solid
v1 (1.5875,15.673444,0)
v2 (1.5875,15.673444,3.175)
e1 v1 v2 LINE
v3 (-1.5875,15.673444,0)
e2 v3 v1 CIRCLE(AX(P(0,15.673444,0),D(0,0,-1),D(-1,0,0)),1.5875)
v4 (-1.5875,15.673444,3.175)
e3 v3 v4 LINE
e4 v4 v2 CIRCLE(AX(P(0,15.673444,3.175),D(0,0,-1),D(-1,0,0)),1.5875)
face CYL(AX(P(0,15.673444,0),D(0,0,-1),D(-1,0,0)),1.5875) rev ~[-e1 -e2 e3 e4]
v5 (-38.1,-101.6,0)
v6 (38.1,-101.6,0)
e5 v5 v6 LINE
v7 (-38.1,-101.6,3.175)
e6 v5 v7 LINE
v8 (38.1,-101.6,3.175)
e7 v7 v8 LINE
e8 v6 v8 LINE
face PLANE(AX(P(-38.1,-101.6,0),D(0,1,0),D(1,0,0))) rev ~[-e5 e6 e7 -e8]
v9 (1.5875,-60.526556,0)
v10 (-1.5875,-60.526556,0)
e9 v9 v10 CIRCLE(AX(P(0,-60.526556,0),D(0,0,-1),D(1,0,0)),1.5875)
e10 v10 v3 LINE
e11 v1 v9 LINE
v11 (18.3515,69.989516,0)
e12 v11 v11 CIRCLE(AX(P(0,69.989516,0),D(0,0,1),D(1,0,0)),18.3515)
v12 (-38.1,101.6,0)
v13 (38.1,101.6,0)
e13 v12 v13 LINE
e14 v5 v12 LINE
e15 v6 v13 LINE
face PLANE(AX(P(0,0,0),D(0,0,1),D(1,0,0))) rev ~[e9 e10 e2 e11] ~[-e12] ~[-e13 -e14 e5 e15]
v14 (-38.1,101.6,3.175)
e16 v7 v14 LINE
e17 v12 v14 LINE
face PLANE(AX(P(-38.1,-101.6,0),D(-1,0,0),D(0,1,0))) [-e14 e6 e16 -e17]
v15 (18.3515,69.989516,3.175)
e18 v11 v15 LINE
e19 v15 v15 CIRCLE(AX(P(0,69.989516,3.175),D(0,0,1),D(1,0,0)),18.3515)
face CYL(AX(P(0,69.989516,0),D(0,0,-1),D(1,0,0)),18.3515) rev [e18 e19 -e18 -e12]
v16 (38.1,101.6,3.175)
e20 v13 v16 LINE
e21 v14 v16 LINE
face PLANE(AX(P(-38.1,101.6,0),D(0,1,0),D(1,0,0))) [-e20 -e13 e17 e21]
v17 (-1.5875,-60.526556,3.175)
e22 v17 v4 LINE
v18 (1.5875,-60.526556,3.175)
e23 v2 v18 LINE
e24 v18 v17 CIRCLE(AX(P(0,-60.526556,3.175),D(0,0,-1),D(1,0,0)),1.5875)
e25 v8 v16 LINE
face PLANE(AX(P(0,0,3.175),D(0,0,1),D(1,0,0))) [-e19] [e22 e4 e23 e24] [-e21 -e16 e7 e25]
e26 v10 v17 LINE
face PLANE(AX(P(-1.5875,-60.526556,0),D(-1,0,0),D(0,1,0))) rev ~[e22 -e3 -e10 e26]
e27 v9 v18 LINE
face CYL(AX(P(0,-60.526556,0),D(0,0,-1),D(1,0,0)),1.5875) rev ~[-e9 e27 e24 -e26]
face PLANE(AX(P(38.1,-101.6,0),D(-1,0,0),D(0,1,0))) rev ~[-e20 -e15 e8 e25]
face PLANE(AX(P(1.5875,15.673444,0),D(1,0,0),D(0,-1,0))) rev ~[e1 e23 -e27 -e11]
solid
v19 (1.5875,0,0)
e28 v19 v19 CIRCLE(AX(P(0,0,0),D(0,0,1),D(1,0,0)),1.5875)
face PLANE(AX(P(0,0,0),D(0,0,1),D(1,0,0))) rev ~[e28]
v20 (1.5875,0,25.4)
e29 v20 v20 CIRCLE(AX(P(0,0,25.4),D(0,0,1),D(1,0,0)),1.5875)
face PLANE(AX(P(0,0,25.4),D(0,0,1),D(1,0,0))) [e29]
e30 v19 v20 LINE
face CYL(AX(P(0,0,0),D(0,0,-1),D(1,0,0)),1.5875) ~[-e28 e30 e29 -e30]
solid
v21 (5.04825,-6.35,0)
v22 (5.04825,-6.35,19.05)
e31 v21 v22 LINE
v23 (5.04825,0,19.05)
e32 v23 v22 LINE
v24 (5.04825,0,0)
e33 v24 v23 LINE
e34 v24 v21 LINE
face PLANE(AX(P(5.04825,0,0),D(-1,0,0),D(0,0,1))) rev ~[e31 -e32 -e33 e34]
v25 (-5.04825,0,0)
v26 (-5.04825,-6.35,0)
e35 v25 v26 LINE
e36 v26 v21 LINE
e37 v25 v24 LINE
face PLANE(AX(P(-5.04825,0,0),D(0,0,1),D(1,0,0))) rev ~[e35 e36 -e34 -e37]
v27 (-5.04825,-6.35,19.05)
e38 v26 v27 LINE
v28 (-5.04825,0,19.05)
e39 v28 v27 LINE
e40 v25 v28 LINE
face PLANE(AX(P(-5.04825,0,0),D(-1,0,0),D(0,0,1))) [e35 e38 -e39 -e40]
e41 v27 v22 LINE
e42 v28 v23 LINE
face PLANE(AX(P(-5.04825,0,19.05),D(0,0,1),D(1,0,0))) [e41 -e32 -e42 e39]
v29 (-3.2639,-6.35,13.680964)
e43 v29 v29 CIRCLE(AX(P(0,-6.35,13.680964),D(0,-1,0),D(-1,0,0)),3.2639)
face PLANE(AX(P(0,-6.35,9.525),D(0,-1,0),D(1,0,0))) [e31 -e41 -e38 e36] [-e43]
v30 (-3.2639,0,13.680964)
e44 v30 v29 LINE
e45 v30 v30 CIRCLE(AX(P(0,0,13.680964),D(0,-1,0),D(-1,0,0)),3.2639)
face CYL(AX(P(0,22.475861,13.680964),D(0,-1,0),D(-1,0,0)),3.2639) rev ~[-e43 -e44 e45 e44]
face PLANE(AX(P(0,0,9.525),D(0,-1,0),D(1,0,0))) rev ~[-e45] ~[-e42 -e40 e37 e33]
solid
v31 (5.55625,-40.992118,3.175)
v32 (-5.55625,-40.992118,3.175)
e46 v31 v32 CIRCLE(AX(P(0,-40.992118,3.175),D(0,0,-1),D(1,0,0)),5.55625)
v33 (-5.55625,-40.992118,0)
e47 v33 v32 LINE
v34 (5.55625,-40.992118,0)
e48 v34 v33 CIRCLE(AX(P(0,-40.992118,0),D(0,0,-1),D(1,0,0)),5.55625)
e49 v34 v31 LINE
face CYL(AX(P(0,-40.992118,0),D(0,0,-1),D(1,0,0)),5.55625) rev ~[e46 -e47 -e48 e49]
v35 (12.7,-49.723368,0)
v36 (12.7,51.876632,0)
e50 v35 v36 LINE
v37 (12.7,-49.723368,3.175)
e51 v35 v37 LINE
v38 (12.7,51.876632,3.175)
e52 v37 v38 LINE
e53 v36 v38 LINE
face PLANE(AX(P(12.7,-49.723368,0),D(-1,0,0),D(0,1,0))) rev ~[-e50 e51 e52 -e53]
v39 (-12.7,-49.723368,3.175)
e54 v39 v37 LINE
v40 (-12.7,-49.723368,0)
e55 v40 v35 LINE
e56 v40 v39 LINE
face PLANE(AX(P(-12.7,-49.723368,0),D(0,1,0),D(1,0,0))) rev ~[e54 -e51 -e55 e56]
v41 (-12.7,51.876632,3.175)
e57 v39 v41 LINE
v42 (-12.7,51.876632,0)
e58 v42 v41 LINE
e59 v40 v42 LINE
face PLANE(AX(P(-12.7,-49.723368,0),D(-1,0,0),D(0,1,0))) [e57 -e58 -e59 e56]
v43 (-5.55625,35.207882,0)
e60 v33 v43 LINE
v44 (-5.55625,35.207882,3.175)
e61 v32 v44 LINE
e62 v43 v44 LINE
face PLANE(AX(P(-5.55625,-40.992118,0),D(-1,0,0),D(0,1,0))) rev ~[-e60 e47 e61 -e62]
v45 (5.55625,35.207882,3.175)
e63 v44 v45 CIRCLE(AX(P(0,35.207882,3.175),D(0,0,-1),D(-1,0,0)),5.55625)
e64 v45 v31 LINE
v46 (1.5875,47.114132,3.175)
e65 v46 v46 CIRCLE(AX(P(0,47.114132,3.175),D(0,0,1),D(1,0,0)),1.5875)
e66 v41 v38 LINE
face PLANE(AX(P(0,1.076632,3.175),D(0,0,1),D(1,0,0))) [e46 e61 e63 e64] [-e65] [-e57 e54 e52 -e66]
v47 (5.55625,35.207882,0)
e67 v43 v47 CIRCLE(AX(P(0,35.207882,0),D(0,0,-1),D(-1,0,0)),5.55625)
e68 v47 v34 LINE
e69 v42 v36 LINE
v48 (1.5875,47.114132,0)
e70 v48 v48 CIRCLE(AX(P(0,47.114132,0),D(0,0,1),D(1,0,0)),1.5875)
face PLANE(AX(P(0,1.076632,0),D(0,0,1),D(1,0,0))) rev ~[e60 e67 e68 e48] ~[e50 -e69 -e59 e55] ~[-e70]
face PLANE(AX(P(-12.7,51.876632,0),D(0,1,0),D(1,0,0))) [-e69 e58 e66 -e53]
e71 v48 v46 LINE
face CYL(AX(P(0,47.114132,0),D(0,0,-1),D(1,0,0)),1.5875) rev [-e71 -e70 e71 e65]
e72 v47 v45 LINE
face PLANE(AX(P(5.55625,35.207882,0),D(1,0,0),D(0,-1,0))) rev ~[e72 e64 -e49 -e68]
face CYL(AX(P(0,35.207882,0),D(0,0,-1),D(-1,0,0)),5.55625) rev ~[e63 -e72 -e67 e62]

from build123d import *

# Parameters (mm, degrees)
F0_W     = 76.2
F0_H     = 203.2
F0_R     = 18.3515
F1_DEPTH = 3.175
F2_W     = 25.4
F2_H     = 101.6
F2_R     = 1.5875
F3_DEPTH = 3.175
F4_R     = 1.5875
F5_DEPTH = 25.4
F6_W     = 10.0965
F6_H     = 19.05
F7_DEPTH = 6.35
F8_D     = 6.5278


with BuildPart() as f1:
    # F0 (on Top) → F1 (new body)
    with BuildSketch(Plane.XY):
        Rectangle(F0_W, F0_H)
        with BuildLine():
            ThreePointArc((-1.5875, 15.673443675), (0, 17.260943675), (1.5875, 15.673443675))
            Line((1.5875, 15.673443675), (1.5875, -60.526556325))
            ThreePointArc((1.5875, -60.526556325), (0, -62.114056325), (-1.5875, -60.526556325))
            Line((-1.5875, -60.526556325), (-1.5875, 15.673443675))
        make_face(mode=Mode.SUBTRACT)
        with Locations((0, 69.9895162783)):
            Circle(F0_R, mode=Mode.SUBTRACT)
    extrude(amount=F1_DEPTH)


with BuildPart() as f3:
    # F2 (on Top) → F3 (new body)
    with BuildSketch(Plane.XY):
        with Locations((0, 1.0766318619)):
            Rectangle(F2_W, F2_H)
        with BuildLine():
            ThreePointArc((-5.55625, 35.2078818619), (0, 40.7641318619), (5.55625, 35.2078818619))
            Line((5.55625, 35.2078818619), (5.55625, -40.9921181381))
            ThreePointArc((5.55625, -40.9921181381), (0, -46.5483681381), (-5.55625, -40.9921181381))
            Line((-5.55625, -40.9921181381), (-5.55625, 35.2078818619))
        make_face(mode=Mode.SUBTRACT)
        with Locations((0, 47.1141318619)):
            Circle(F2_R, mode=Mode.SUBTRACT)
    extrude(amount=F3_DEPTH)


with BuildPart() as f5:
    # F4 (on Top) → F5 (new body)
    with BuildSketch(Plane.XY):
        Circle(F4_R)
    extrude(amount=F5_DEPTH)


with BuildPart() as f7:
    # F6 (on Front) → F7 (new body)
    with BuildSketch(Plane.XZ):
        with Locations((0, 9.525)):
            Rectangle(F6_W, F6_H)
    extrude(amount=F7_DEPTH)

    # F8 (through all)
    with Locations(Plane(origin=(0, 0, 0), x_dir=(1, 0, 0), z_dir=(0, 1, 0))):
        with Locations((0, -13.6809640511)):
            Hole(F8_D / 2)


solid = Compound([f1.part, f3.part, f5.part, f7.part])
